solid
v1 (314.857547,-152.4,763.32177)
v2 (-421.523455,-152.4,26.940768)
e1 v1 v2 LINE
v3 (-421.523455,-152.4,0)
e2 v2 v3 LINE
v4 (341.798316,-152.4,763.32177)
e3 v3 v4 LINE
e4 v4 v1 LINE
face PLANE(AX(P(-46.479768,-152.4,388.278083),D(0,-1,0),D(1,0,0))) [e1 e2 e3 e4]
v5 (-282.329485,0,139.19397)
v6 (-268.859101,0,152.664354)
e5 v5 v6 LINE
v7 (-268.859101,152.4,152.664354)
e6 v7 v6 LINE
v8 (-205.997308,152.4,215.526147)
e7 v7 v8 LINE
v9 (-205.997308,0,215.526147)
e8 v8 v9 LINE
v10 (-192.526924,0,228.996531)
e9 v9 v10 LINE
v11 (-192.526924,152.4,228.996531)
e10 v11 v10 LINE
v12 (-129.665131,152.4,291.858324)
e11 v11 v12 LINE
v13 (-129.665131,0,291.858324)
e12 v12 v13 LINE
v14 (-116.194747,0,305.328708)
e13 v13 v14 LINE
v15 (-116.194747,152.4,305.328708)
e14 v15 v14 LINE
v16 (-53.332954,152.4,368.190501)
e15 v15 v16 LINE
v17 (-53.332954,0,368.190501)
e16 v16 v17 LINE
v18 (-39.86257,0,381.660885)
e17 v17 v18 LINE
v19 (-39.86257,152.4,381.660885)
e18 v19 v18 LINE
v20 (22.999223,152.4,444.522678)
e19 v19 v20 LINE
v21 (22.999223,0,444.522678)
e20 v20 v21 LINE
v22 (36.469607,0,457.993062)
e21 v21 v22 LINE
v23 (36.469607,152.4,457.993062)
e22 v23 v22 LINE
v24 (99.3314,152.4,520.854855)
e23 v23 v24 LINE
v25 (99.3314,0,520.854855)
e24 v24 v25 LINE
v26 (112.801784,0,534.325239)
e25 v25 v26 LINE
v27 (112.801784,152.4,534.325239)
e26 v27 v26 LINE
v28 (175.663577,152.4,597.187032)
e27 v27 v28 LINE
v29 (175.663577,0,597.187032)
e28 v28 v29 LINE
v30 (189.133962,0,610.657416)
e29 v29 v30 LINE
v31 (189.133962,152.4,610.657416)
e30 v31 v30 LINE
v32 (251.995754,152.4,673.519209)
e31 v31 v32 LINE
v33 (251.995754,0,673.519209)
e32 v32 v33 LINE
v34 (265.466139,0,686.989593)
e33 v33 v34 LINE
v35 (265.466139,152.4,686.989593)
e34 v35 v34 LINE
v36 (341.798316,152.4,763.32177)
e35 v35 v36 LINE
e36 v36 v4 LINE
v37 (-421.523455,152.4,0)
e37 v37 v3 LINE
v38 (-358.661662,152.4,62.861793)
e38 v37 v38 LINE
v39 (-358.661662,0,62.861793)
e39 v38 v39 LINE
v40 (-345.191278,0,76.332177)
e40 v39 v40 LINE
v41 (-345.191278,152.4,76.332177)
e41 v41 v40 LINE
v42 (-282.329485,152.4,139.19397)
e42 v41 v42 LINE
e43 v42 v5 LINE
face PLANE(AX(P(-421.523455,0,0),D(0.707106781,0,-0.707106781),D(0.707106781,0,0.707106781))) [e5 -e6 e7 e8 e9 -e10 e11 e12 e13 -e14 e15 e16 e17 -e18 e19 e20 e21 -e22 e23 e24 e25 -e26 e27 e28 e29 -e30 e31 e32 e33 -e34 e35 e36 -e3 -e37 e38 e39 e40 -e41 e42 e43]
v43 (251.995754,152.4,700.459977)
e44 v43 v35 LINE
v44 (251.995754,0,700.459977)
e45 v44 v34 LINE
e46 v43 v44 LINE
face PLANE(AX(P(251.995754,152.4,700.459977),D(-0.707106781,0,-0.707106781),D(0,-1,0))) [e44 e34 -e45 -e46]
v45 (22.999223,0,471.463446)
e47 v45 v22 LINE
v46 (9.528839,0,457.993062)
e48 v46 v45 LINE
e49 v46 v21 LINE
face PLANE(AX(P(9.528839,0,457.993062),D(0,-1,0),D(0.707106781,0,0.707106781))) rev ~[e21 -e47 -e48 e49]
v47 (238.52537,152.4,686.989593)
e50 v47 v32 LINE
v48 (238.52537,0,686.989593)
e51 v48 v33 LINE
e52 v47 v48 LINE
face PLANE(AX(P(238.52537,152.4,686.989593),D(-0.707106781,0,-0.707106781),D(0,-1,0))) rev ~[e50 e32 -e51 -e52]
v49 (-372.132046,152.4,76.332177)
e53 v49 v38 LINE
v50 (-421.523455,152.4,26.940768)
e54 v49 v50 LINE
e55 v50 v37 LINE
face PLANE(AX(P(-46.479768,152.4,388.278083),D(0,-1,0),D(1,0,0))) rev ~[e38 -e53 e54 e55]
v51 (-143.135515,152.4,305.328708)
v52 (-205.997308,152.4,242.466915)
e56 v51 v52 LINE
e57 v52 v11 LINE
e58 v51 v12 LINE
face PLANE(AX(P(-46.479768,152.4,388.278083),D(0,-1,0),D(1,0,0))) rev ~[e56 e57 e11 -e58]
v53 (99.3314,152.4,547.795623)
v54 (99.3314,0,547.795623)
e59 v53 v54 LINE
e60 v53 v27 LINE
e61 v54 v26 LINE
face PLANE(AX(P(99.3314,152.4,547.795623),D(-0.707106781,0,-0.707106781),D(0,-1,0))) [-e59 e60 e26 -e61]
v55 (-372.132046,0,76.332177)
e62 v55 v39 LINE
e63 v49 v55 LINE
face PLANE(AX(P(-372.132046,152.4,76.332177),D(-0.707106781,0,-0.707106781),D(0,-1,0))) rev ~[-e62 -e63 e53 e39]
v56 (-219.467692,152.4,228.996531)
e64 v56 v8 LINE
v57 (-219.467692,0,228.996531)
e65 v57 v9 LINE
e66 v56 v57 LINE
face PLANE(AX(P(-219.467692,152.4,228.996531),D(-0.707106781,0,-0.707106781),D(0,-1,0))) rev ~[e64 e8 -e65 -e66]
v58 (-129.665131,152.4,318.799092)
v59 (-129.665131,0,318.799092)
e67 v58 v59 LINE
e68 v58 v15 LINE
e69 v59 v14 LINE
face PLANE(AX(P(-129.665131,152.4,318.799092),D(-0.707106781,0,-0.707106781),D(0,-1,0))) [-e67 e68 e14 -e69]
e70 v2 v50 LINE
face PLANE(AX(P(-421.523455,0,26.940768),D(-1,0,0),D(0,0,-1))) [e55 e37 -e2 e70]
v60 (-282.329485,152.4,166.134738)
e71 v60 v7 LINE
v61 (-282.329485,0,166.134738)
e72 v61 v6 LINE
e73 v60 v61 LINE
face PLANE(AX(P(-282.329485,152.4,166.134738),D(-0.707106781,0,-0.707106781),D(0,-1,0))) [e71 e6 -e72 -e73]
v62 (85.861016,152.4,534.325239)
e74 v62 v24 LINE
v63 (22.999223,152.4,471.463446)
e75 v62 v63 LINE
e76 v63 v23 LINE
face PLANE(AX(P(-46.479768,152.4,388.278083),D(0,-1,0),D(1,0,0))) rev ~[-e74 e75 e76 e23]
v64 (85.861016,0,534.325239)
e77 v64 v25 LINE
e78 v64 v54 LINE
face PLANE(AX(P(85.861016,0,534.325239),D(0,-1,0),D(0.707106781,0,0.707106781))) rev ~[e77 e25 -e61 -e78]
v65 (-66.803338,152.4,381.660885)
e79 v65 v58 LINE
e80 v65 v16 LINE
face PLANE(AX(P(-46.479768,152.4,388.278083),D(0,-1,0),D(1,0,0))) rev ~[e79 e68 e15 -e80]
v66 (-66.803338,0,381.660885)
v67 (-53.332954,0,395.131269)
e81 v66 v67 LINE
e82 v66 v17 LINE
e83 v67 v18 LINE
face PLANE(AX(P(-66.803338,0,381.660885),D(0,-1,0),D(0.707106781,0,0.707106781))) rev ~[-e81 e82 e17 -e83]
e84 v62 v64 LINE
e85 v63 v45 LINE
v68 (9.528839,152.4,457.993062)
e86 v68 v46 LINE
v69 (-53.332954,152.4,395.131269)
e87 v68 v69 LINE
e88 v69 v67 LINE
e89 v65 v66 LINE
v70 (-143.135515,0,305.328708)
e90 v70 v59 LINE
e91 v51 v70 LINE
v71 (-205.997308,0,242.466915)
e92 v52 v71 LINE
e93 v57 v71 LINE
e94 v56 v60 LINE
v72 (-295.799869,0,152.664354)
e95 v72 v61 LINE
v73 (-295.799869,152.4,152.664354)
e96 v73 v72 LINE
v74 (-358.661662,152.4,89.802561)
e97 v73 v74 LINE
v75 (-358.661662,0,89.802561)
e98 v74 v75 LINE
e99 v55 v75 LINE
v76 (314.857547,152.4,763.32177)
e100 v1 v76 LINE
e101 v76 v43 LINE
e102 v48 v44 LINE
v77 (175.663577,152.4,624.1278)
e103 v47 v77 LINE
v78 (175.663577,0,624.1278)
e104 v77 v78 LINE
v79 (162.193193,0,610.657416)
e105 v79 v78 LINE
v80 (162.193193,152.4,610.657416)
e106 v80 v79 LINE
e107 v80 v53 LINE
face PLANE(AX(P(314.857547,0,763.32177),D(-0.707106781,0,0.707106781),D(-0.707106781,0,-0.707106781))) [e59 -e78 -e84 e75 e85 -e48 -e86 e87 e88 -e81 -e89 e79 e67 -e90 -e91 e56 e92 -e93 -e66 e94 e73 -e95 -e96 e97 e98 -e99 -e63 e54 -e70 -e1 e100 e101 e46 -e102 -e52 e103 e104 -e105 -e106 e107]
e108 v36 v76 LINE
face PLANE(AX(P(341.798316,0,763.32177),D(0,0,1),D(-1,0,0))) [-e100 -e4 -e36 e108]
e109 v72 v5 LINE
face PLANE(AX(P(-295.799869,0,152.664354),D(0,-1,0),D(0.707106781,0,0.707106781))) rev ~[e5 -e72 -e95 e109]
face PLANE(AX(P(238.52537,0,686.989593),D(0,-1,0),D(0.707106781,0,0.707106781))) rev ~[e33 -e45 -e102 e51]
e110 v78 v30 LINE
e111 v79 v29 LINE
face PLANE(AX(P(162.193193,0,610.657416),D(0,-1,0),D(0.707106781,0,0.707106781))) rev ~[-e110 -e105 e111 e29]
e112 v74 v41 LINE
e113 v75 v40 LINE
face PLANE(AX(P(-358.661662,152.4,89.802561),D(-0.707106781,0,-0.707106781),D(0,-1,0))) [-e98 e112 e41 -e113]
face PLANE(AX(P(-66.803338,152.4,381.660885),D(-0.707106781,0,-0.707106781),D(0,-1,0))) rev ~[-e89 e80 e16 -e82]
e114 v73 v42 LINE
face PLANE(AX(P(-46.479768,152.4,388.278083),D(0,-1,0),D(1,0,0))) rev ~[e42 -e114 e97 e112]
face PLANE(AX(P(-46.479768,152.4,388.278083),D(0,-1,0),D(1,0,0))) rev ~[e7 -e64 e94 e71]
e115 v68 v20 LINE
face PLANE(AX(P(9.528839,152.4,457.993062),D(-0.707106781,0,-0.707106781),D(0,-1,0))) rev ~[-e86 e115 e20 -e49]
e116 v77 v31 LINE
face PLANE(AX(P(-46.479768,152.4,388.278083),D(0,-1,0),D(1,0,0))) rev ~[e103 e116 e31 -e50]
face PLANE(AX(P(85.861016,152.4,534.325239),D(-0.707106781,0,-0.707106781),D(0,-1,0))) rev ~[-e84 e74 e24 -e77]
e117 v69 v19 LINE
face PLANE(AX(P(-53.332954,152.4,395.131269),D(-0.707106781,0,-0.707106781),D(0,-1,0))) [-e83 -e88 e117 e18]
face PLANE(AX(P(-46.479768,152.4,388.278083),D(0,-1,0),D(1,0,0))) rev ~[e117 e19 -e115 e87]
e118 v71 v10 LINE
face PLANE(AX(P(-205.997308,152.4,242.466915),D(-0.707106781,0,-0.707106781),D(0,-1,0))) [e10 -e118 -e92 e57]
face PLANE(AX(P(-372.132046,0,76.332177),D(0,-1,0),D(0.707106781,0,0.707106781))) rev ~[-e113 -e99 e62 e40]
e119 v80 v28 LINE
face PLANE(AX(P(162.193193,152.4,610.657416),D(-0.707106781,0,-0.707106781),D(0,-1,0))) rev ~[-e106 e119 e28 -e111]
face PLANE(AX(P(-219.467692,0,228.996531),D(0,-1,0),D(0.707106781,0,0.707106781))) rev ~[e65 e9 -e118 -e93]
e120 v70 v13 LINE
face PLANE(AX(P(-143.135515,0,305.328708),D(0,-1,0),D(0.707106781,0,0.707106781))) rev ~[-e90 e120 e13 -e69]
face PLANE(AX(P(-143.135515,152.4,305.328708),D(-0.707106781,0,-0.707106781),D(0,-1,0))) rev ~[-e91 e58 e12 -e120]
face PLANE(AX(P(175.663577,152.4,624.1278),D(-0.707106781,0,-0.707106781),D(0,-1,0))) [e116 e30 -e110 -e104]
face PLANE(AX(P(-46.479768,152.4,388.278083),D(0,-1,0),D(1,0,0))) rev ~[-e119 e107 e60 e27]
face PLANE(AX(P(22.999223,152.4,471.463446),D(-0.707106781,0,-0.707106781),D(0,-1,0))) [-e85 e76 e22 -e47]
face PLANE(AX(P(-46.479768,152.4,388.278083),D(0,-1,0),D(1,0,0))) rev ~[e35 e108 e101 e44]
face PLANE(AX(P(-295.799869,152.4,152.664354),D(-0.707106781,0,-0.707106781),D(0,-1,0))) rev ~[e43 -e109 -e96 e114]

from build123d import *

# Parameters (mm, degrees)
F1_DEPTH = 152.4
F2_W     = 152.4
F2_H     = 19.05
F3_DEPTH = 19.05


with BuildPart() as f1:
    # F0 (on Front) → F1 (new body, symmetric)
    with BuildSketch(Plane.XZ):
        Polygon((-421.5234547212, 26.9407683632), (-421.5234547212, 0), (341.7983155697, 763.3217702909), (314.8575472065, 763.3217702909), align=None)
    extrude(amount=F1_DEPTH, both=True)

    # F2 (on face) → F3 (cut)
    with BuildSketch(Plane(origin=(-224.2321115422, 0, 224.2321115422), x_dir=(0, -1, 0), z_dir=(-0.7071067812, 0, 0.7071067812))):
        with Locations((-76.2, -199.6370932625)):
            Rectangle(F2_W, F2_H)
        with Locations((-76.2, -91.6870932625)):
            Rectangle(F2_W, F2_H)
        with Locations((-76.2, 16.2629067375)):
            Rectangle(F2_W, F2_H)
        with Locations((-76.2, 124.2129067375)):
            Rectangle(F2_W, F2_H)
        with Locations((-76.2, 232.1629067375)):
            Rectangle(F2_W, F2_H)
        with Locations((-76.2, 340.1129067375)):
            Rectangle(F2_W, F2_H)
        with Locations((-76.2, 448.0629067375)):
            Rectangle(F2_W, F2_H)
        with Locations((-76.2, 556.0129067375)):
            Rectangle(F2_W, F2_H)
        with Locations((-76.2, 663.9629067375)):
            Rectangle(F2_W, F2_H)
    extrude(amount=-F3_DEPTH, mode=Mode.SUBTRACT)


solid = f1.part
